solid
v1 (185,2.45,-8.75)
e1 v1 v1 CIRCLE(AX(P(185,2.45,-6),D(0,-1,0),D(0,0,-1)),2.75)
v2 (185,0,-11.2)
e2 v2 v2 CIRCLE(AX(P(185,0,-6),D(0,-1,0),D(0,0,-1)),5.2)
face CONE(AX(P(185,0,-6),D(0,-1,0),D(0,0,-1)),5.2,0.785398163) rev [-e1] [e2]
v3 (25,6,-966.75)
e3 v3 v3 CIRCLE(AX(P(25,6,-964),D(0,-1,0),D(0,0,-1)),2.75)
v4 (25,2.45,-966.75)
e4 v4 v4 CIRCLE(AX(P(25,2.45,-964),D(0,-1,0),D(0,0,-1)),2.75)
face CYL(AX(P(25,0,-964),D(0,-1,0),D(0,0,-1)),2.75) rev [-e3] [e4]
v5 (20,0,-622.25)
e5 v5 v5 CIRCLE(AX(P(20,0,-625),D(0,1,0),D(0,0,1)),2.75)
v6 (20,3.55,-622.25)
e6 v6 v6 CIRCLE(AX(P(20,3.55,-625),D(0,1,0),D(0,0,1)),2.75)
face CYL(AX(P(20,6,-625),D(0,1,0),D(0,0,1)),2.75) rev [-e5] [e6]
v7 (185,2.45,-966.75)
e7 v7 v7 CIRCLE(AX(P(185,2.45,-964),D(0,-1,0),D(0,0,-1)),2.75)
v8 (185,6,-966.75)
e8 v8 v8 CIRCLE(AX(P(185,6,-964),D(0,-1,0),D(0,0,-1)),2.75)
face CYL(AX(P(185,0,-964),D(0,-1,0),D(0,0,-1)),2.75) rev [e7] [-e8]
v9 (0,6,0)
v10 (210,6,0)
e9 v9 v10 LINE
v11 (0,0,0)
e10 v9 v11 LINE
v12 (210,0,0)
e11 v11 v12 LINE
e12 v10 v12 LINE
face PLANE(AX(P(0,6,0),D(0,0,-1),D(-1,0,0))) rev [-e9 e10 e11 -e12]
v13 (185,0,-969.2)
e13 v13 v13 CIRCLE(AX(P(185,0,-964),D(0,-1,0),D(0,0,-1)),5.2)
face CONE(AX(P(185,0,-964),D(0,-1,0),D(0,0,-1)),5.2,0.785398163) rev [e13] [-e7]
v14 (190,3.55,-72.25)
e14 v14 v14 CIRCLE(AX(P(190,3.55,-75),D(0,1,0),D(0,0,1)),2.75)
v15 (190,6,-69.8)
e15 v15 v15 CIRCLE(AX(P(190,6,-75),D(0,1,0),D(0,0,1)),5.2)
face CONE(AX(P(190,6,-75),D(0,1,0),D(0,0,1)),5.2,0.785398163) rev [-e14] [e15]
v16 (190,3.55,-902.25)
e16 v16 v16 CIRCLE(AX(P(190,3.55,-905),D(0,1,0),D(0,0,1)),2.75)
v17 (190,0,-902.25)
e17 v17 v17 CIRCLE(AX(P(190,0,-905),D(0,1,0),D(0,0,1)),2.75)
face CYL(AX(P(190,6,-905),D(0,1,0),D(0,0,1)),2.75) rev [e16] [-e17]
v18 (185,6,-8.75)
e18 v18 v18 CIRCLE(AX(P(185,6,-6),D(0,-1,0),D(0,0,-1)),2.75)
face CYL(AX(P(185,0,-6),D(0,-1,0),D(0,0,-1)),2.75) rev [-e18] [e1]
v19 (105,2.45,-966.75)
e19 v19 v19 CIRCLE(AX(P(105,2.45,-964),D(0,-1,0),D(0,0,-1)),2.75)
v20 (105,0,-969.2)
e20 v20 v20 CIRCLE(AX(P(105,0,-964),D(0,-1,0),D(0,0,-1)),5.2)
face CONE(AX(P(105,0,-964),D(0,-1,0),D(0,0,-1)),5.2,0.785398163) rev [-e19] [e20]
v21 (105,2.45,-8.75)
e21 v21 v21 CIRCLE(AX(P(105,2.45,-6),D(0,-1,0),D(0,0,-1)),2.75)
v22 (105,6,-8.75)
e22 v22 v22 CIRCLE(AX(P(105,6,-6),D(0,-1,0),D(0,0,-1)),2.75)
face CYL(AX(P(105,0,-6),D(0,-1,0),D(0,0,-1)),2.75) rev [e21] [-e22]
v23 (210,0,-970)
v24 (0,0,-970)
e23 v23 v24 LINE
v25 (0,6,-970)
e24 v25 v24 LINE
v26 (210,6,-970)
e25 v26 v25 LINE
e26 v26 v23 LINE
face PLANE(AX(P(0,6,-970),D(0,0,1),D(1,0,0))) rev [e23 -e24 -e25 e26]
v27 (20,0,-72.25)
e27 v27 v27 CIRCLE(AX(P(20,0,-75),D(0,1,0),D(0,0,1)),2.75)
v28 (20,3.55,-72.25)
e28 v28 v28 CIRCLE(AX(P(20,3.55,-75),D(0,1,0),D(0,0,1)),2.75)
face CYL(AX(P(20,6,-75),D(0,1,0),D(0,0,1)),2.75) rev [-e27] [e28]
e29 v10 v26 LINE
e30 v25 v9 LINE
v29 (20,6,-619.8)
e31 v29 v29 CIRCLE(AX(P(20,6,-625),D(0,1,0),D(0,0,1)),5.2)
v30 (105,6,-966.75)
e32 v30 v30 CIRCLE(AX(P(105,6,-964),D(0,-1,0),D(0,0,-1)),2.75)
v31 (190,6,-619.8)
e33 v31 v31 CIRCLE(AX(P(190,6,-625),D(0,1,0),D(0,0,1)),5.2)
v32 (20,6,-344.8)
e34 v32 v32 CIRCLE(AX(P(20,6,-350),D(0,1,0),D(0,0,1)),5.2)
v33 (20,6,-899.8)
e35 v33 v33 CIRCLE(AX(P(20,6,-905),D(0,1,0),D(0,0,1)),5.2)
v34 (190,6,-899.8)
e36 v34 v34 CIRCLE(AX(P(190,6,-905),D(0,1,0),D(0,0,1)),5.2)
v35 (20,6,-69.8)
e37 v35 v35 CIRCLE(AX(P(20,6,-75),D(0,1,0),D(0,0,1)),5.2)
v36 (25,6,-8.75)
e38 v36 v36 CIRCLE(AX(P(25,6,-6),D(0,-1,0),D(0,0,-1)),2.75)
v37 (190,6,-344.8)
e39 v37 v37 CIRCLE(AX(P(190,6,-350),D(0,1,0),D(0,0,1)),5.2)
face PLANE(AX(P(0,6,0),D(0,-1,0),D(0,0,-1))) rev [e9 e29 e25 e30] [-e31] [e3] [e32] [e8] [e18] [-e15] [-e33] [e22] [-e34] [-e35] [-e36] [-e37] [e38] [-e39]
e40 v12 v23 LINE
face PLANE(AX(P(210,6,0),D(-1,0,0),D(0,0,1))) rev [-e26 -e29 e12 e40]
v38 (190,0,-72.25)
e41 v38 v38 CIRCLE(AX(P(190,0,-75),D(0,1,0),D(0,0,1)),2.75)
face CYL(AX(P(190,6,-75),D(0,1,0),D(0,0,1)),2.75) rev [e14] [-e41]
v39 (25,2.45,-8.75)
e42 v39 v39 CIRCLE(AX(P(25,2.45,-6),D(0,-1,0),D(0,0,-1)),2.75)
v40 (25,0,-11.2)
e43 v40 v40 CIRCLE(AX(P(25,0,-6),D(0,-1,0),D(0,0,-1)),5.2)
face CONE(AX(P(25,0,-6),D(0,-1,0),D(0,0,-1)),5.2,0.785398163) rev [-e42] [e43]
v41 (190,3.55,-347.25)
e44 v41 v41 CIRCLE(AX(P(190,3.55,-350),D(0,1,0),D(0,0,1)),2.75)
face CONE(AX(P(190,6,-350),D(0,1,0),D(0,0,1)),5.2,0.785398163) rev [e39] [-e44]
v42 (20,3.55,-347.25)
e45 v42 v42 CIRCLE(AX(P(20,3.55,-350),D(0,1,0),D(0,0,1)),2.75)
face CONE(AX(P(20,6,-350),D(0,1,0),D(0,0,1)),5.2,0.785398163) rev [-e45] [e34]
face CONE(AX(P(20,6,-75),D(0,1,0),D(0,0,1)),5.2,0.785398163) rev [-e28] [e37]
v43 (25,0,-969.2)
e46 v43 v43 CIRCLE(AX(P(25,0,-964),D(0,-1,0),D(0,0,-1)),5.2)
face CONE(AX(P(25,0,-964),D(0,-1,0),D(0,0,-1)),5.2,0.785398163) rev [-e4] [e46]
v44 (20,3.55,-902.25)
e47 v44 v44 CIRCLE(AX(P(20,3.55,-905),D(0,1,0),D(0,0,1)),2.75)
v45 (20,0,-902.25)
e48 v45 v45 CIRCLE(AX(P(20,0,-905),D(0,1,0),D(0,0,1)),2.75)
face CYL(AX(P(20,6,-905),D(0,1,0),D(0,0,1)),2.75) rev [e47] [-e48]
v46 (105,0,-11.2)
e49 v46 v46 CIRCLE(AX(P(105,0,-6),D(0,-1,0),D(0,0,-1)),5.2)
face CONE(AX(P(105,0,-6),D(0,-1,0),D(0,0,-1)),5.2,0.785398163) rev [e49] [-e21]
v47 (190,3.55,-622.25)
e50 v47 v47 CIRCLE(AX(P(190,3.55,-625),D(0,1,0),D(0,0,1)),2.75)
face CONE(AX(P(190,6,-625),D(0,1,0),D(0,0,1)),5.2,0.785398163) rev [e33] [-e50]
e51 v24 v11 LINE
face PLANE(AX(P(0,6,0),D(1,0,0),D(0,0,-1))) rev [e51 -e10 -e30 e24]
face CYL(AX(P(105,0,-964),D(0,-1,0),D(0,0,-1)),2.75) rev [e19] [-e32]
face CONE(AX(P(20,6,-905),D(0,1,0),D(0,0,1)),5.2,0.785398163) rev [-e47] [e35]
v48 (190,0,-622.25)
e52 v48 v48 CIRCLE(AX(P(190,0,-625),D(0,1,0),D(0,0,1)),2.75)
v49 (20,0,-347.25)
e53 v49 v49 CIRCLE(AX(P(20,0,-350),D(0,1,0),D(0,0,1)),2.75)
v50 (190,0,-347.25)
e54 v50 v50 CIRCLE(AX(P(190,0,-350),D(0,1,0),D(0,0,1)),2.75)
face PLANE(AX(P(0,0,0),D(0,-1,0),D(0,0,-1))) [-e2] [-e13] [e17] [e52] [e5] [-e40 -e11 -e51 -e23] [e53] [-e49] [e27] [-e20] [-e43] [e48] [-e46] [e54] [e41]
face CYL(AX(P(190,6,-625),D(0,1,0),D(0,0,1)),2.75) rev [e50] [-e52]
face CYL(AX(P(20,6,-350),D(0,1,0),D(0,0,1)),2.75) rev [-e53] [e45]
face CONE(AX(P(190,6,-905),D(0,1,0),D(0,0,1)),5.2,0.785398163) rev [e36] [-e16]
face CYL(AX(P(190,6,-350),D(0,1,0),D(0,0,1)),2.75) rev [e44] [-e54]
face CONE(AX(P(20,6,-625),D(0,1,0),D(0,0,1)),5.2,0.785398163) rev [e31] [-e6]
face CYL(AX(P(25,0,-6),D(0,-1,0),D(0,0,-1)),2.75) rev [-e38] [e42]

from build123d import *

# Parameters (mm, degrees)
SKETCH1_W                                       = 210
SKETCH1_H                                       = 970
BOSS_EXTRUDE1_DEPTH                             = 6
CSK_FOR_M5_FLAT_HEAD_MACHINE_SCREW1_D           = 5.5
CSK_FOR_M5_FLAT_HEAD_MACHINE_SCREW1_CSINK_D     = 10.4
CSK_FOR_M5_FLAT_HEAD_MACHINE_SCREW1_CSINK_ANGLE = 90
LPATTERN1_COUNT                                 = 3
LPATTERN1_PITCH                                 = 275
LPATTERN2_COUNT                                 = 2
LPATTERN2_PITCH                                 = 830
MIRROR1_COPY_1_D                                = 5.5
MIRROR1_COPY_1_CSINK_D                          = 10.4
MIRROR1_COPY_1_CSINK_ANGLE                      = 90
MIRROR1_COPY_2_D                                = 5.5
MIRROR1_COPY_2_CSINK_D                          = 10.4
MIRROR1_COPY_2_CSINK_ANGLE                      = 90
MIRROR1_COPY_3_D                                = 5.5
MIRROR1_COPY_3_CSINK_D                          = 10.4
MIRROR1_COPY_3_CSINK_ANGLE                      = 90
CSK_FOR_M5_FLAT_HEAD_MACHINE_SCREW2_D           = 5.5
CSK_FOR_M5_FLAT_HEAD_MACHINE_SCREW2_CSINK_D     = 10.4
CSK_FOR_M5_FLAT_HEAD_MACHINE_SCREW2_CSINK_ANGLE = 90


with BuildPart() as part:
    # Sketch1 → Boss-Extrude1 (new body)
    with BuildSketch(Plane(origin=(0, 0, 0), x_dir=(1, 0, 0), z_dir=(0, 1, 0))):
        with Locations((105, 485)):
            Rectangle(SKETCH1_W, SKETCH1_H)
    extrude(amount=BOSS_EXTRUDE1_DEPTH)

    # CSK for M5 Flat Head Machine Screw1 (through all)
    with Locations(Plane(origin=(0, 6, 0), x_dir=(1, 0, 0), z_dir=(0, 1, 0))):
        with Locations((20, 75)):
            csk_for_m5_flat_head_machine_screw1 = CounterSinkHole(CSK_FOR_M5_FLAT_HEAD_MACHINE_SCREW1_D / 2, CSK_FOR_M5_FLAT_HEAD_MACHINE_SCREW1_CSINK_D / 2, counter_sink_angle=CSK_FOR_M5_FLAT_HEAD_MACHINE_SCREW1_CSINK_ANGLE)

    # LPattern1: CSK for M5 Flat Head Machine Screw1 ×3
    with Locations(*[(0, 0, -i * LPATTERN1_PITCH) for i in range(1, LPATTERN1_COUNT)]):
        add(csk_for_m5_flat_head_machine_screw1, mode=Mode.SUBTRACT)

    # LPattern2: CSK for M5 Flat Head Machine Screw1 ×2
    with Locations(*[(0, 0, -i * LPATTERN2_PITCH) for i in range(1, LPATTERN2_COUNT)]):
        add(csk_for_m5_flat_head_machine_screw1, mode=Mode.SUBTRACT)

    # Mirror1: CSK for M5 Flat Head Machine Screw1 across plane
    add(csk_for_m5_flat_head_machine_screw1.mirror(Plane(origin=(105, 0, 0), x_dir=(0, 0, 1), z_dir=(1, 0, 0))), mode=Mode.SUBTRACT)

    # Mirror1 copy 1 (through all)
    with Locations(Plane(origin=(210, 6, -830), x_dir=(-1, 0, 0), z_dir=(0, 1, 0))):
        with Locations((20, -75)):
            CounterSinkHole(MIRROR1_COPY_1_D / 2, MIRROR1_COPY_1_CSINK_D / 2, counter_sink_angle=MIRROR1_COPY_1_CSINK_ANGLE)

    # Mirror1 copy 2 (through all)
    with Locations(Plane(origin=(210, 6, -275), x_dir=(-1, 0, 0), z_dir=(0, 1, 0))):
        with Locations((20, -75)):
            CounterSinkHole(MIRROR1_COPY_2_D / 2, MIRROR1_COPY_2_CSINK_D / 2, counter_sink_angle=MIRROR1_COPY_2_CSINK_ANGLE)

    # Mirror1 copy 3 (through all)
    with Locations(Plane(origin=(210, 6, -550), x_dir=(-1, 0, 0), z_dir=(0, 1, 0))):
        with Locations((20, -75)):
            CounterSinkHole(MIRROR1_COPY_3_D / 2, MIRROR1_COPY_3_CSINK_D / 2, counter_sink_angle=MIRROR1_COPY_3_CSINK_ANGLE)

    # CSK for M5 Flat Head Machine Screw2 (through all)
    with Locations(Plane(origin=(0, 0, 0), x_dir=(-1, 0, 0), z_dir=(0, -1, 0))):
        with Locations((-25, 6), (-185, 6), (-105, 6)):
            csk_for_m5_flat_head_machine_screw2 = CounterSinkHole(CSK_FOR_M5_FLAT_HEAD_MACHINE_SCREW2_D / 2, CSK_FOR_M5_FLAT_HEAD_MACHINE_SCREW2_CSINK_D / 2, counter_sink_angle=CSK_FOR_M5_FLAT_HEAD_MACHINE_SCREW2_CSINK_ANGLE)

    # Mirror2: CSK for M5 Flat Head Machine Screw2 across plane
    add(csk_for_m5_flat_head_machine_screw2.mirror(Plane(origin=(0, 0, -485), x_dir=(1, 0, 0), z_dir=(0, 0, -1))), mode=Mode.SUBTRACT)


solid = part.part
